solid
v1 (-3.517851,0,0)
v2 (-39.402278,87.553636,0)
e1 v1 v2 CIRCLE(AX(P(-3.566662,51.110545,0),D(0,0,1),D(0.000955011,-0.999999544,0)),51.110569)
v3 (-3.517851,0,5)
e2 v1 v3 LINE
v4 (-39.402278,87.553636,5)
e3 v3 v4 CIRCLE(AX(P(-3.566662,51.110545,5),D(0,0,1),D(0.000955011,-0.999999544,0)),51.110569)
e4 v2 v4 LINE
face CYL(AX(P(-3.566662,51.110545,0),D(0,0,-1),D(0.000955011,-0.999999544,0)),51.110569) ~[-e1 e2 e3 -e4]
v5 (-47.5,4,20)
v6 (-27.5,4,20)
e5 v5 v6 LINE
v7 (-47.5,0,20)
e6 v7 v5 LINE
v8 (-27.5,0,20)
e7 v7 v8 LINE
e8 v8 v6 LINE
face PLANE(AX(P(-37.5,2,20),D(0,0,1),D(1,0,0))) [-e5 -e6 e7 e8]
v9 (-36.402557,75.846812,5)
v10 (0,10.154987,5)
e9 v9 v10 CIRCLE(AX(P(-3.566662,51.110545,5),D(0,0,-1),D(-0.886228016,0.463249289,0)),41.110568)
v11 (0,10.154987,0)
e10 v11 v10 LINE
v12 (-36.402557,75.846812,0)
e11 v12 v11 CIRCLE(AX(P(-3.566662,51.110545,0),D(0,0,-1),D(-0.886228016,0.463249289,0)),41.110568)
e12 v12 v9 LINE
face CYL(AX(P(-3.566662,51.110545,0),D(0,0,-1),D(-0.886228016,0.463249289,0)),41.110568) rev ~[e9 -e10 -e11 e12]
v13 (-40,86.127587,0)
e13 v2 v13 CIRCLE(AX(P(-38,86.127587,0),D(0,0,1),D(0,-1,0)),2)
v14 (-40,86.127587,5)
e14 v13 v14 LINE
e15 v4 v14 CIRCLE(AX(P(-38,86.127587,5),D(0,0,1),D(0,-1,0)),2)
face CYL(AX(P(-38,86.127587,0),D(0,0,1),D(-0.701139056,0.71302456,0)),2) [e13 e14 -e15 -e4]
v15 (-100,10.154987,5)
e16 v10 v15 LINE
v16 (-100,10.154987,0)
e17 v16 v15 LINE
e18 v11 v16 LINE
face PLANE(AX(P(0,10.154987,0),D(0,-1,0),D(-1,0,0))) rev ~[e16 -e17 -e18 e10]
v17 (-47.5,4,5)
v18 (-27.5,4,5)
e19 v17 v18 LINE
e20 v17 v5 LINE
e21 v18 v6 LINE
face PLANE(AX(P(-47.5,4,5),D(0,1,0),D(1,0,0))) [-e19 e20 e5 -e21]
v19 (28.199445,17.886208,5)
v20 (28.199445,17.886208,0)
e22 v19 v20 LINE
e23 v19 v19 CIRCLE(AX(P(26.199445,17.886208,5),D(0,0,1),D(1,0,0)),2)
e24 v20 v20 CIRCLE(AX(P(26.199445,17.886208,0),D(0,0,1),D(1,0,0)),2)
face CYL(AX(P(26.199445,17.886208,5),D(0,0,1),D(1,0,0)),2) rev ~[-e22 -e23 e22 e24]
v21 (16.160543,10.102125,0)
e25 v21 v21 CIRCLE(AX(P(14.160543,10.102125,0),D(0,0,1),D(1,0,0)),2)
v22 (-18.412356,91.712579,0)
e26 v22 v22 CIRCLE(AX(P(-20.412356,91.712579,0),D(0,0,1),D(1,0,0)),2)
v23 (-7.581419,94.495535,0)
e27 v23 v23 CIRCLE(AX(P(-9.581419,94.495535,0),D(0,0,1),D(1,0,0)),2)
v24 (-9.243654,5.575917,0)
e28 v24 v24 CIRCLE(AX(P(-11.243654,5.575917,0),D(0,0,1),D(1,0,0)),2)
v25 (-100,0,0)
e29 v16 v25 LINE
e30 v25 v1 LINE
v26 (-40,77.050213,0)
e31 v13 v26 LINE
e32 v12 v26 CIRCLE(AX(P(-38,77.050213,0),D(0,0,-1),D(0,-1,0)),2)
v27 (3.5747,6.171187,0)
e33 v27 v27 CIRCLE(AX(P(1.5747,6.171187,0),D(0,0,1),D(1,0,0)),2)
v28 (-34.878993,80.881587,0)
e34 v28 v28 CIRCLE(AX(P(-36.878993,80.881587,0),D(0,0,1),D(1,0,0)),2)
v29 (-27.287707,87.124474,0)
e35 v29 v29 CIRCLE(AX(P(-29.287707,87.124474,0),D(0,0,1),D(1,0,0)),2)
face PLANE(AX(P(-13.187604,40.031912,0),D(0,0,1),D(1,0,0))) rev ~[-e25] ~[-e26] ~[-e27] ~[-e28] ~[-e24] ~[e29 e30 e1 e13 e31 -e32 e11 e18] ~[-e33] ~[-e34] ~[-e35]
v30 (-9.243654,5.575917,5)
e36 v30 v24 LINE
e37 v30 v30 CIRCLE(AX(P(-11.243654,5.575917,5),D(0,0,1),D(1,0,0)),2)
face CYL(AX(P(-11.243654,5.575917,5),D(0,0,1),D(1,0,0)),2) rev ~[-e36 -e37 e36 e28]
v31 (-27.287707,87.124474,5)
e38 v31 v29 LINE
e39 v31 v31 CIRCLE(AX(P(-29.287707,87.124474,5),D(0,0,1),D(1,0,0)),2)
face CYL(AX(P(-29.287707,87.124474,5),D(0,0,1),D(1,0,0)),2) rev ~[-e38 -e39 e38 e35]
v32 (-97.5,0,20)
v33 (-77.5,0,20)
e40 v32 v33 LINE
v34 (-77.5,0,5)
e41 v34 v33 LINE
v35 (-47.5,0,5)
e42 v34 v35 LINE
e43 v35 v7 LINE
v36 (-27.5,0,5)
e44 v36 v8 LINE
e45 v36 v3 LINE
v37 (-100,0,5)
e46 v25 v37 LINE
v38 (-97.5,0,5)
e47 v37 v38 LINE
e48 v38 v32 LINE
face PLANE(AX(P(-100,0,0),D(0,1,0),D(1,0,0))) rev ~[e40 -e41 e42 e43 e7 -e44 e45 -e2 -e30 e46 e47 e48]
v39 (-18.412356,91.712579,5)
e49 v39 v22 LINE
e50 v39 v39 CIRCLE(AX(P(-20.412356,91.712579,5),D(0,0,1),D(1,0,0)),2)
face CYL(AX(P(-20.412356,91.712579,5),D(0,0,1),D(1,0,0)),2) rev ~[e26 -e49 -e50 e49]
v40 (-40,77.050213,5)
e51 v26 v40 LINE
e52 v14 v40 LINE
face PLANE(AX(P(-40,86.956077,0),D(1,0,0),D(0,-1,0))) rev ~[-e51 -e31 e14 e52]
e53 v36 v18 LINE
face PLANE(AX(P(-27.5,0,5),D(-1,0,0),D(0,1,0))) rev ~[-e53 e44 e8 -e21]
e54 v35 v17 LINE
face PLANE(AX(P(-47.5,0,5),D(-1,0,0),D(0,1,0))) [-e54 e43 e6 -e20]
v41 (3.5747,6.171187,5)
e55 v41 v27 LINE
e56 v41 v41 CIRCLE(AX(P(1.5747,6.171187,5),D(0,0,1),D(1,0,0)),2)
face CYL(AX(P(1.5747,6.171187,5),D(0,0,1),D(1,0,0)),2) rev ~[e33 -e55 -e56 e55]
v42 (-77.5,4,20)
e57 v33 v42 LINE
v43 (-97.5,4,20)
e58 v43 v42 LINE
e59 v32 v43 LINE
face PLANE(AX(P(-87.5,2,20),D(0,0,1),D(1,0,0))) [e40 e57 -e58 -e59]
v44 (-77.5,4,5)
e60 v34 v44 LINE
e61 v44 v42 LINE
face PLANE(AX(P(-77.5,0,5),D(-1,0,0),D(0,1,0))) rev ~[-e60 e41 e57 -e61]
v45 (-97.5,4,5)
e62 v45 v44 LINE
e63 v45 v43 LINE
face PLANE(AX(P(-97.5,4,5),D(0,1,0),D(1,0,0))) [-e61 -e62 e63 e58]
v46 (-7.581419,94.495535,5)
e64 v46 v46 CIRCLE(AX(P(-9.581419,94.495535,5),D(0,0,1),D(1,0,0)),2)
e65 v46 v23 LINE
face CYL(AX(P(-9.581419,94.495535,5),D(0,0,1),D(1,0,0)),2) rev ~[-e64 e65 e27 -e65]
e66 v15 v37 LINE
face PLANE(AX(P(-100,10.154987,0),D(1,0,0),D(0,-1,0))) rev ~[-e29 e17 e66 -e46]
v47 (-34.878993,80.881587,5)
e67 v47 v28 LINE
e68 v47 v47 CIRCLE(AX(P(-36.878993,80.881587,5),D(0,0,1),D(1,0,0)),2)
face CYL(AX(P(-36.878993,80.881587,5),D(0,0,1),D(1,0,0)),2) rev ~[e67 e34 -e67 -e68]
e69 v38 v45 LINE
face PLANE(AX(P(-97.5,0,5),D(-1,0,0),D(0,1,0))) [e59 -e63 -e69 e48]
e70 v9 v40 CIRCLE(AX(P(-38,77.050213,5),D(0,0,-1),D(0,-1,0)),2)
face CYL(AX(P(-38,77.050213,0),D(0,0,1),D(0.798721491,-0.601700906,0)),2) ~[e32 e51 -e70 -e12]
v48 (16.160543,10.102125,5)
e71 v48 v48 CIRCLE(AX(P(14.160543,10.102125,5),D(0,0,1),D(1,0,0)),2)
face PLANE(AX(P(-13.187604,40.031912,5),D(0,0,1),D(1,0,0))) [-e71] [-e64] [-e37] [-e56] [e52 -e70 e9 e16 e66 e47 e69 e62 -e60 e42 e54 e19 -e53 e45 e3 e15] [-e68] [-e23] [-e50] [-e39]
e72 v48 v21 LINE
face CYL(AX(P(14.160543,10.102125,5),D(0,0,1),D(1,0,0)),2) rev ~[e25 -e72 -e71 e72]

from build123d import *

# Parameters (mm, degrees)
F1_DEPTH = 5
F2_R     = 2
F3_R     = 2
F4_DEPTH = 5
F5_W     = 20
F5_H     = 4
F6_DEPTH = 15


with BuildPart() as f1:
    # F0 (on Top) → F1 (new body)
    with BuildSketch(Plane.XY):
        with BuildLine():
            ThreePointArc((-40, 70.154987), (30.639398, 73.914586), (0, 10.154987))
            Line((0, 10.154987), (-100, 10.154987))
            Line((-100, 10.154987), (-100, 0))
            Line((-100, 0), (-3.517851, 0))
            ThreePointArc((-3.517851, 0), (43.563989, 70.884062), (-40, 86.956077))
            Line((-40, 86.956077), (-40, 70.154987))
        make_face()
    extrude(amount=F1_DEPTH)

    # F2
    f2_edges = [f1.edges().sort_by_distance(p)[0] for p in [
        (-40, 70.154987, 2.5),
        (-40, 86.956077, 2.5),
    ]]
    fillet(f2_edges, radius=F2_R)

    # F3 (on face) → F4 (cut)
    with BuildSketch(Plane.XY.offset(5)):
        with Locations((-36.878993, 80.881587)):
            Circle(F3_R)
        with Locations((-20.412356, 91.712579)):
            Circle(F3_R)
        with Locations((-9.581419, 94.495535)):
            Circle(F3_R)
        with Locations((-29.287707, 87.124474)):
            Circle(F3_R)
        with Locations((-11.243654, 5.575917)):
            Circle(F3_R)
        with Locations((14.160543, 10.102125)):
            Circle(F3_R)
        with Locations((26.199445, 17.886208)):
            Circle(F3_R)
        with Locations((1.5747, 6.171187)):
            Circle(F3_R)
    extrude(amount=-F4_DEPTH, mode=Mode.SUBTRACT)

    # F5 (on face) → F6 (join)
    with BuildSketch(Plane.XY.offset(5)):
        with Locations((-37.5, 2)):
            Rectangle(F5_W, F5_H)
        with Locations((-87.5, 2)):
            Rectangle(F5_W, F5_H)
    extrude(amount=F6_DEPTH)


solid = f1.part
